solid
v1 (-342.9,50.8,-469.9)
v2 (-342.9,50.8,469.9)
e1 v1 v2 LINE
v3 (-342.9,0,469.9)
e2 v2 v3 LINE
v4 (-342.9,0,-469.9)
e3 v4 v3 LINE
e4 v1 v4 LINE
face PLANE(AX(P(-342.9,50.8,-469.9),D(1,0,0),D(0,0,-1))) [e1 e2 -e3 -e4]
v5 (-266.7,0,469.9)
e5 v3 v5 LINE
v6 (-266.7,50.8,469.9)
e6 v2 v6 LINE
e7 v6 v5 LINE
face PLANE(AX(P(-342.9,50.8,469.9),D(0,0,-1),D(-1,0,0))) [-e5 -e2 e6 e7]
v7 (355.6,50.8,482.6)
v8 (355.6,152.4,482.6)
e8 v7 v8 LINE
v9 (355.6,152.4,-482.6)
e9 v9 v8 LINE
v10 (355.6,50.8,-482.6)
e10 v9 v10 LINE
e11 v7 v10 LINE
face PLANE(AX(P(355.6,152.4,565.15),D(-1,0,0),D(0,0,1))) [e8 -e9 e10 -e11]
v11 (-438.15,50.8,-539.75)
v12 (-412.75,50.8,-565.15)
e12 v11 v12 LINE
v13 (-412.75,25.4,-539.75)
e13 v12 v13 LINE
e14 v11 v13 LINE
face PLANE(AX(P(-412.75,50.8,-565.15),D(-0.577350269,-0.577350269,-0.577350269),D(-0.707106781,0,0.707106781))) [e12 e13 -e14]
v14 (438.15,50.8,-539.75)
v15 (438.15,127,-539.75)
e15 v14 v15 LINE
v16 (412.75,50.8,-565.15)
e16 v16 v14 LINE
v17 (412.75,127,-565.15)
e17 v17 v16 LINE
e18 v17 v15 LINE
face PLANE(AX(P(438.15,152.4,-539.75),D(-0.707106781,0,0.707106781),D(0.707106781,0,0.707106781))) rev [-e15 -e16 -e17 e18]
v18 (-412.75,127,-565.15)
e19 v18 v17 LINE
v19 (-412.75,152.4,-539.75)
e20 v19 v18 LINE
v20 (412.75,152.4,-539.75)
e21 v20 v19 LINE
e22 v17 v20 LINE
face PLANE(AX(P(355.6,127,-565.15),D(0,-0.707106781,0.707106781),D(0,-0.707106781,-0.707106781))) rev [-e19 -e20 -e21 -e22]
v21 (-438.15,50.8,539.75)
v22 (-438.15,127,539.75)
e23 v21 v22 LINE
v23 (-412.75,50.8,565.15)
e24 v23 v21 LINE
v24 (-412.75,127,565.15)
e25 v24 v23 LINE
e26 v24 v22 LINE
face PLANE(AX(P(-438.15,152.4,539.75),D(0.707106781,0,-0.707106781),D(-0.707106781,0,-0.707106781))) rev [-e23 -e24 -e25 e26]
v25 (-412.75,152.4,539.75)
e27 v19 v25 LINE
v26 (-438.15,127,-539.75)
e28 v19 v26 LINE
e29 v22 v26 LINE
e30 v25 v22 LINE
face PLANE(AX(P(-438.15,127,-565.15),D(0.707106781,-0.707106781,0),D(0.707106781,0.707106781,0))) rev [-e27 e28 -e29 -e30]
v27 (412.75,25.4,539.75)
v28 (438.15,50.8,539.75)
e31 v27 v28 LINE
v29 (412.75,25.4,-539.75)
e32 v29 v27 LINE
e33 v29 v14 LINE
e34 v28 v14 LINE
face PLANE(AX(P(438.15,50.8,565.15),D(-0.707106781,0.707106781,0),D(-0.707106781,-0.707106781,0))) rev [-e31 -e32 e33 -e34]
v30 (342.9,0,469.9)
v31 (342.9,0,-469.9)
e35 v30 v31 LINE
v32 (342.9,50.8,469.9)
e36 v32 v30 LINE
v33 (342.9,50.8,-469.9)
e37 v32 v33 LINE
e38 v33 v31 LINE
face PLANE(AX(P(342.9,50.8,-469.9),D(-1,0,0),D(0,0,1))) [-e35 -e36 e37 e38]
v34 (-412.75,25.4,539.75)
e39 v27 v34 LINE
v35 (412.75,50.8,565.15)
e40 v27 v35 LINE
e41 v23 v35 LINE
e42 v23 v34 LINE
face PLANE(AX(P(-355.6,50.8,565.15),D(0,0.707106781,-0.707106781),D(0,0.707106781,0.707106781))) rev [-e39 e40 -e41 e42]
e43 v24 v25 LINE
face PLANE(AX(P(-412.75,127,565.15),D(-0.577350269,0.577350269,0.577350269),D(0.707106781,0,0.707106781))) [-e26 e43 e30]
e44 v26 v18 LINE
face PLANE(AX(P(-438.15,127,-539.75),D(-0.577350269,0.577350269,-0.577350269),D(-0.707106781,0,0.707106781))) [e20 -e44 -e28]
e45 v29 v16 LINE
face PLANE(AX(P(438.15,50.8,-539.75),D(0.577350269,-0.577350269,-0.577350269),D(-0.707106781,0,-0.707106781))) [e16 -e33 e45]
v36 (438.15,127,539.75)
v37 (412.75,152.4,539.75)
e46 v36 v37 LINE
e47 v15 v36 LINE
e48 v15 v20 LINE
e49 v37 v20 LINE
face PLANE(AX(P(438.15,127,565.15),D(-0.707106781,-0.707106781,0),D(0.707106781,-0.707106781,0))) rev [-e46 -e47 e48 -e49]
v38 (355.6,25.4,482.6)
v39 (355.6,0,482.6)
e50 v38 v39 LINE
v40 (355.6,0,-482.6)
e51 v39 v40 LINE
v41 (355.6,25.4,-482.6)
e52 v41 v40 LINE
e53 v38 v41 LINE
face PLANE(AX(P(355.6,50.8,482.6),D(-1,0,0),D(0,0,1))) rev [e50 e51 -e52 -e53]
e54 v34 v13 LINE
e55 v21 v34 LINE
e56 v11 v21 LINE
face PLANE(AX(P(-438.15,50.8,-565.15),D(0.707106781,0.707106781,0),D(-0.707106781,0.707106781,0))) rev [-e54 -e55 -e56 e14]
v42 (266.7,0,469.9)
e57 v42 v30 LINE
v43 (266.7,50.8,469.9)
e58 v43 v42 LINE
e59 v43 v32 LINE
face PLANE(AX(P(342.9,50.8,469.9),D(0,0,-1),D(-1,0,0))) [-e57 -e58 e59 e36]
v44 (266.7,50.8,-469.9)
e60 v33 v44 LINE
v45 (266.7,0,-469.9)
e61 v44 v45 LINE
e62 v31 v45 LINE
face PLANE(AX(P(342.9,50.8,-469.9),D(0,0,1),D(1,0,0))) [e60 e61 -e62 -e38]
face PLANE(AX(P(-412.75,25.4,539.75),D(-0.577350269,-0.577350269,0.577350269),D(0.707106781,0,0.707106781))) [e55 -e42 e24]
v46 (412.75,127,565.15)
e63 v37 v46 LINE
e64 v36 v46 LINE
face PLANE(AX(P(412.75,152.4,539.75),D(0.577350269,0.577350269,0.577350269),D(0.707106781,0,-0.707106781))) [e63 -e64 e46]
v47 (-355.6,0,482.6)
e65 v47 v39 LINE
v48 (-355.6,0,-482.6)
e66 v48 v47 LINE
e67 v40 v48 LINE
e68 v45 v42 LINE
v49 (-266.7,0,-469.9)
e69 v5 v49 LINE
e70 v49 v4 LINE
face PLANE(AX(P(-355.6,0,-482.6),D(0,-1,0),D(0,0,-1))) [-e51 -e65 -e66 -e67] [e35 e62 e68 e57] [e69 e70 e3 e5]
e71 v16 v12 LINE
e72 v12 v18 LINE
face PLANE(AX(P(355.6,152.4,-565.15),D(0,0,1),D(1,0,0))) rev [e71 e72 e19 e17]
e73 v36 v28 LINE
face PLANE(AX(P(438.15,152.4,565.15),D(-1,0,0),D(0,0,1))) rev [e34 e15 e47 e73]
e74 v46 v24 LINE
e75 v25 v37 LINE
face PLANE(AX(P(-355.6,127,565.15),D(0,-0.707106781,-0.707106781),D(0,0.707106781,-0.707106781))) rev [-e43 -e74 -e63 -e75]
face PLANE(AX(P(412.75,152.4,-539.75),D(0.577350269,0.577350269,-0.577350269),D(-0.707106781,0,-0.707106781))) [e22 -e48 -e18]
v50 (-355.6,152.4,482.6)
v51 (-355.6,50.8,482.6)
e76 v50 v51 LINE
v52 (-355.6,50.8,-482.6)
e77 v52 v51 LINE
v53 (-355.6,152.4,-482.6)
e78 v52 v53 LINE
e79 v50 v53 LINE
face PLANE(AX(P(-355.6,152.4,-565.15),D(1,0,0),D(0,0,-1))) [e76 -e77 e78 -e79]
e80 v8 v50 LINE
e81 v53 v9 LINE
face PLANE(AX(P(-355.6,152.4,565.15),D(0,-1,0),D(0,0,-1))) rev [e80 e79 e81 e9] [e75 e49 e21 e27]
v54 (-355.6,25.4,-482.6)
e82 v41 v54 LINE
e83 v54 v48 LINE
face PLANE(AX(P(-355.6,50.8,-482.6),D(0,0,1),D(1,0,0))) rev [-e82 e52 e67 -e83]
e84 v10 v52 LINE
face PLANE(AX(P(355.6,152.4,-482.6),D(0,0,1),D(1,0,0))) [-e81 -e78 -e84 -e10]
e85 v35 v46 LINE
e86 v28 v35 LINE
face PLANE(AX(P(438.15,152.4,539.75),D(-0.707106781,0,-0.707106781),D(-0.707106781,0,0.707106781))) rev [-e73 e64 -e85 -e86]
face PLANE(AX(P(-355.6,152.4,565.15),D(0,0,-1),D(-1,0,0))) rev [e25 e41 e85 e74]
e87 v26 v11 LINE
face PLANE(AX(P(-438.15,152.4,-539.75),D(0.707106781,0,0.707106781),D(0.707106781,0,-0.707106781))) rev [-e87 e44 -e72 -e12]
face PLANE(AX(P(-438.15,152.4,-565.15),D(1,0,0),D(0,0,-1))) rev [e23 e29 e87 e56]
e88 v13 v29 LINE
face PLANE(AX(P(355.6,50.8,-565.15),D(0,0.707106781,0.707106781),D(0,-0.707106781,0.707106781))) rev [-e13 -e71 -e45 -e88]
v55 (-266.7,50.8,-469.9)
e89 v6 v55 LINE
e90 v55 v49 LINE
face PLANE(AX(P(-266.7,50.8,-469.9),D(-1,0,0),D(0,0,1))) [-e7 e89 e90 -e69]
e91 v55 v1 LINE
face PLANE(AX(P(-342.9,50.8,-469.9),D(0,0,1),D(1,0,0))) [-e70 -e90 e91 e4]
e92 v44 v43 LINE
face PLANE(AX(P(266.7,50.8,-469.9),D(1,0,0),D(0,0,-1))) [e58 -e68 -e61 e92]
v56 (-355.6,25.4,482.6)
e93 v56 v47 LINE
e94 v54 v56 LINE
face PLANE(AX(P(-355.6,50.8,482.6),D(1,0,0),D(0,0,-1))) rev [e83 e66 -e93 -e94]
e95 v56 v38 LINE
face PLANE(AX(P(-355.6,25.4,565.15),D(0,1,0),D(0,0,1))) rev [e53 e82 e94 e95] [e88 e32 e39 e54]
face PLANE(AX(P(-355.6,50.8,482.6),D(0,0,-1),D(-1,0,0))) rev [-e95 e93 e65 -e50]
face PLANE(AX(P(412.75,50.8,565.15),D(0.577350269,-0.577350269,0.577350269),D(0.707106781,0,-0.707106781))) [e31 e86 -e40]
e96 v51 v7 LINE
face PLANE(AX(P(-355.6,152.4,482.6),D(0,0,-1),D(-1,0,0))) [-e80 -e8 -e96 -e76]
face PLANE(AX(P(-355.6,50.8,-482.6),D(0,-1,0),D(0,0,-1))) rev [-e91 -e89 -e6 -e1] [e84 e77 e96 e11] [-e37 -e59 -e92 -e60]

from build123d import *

# Parameters (mm, degrees)
SKETCH1_W           = 711.2
SKETCH1_H           = 965.2
SKETCH1_W_2         = 76.2
SKETCH1_H_2         = 939.8
BOSS_EXTRUDE1_DEPTH = 50.8
SKETCH2_W           = 711.2
SKETCH2_H           = 127
BOSS_EXTRUDE2_DEPTH = 82.55
SKETCH3_W           = 711.2
SKETCH3_H           = 127
BOSS_EXTRUDE3_DEPTH = 82.55
SKETCH4_W           = 1130.3
SKETCH4_H           = 127
BOSS_EXTRUDE4_DEPTH = 82.55
SKETCH5_W           = 1130.3
SKETCH5_H           = 127
BOSS_EXTRUDE5_DEPTH = 82.55
CHAMFER1_SIZE       = 25.4


with BuildPart() as part:
    # Sketch1 → Boss-Extrude1 (new body)
    with BuildSketch(Plane(origin=(0, 0, 0), x_dir=(1, 0, 0), z_dir=(0, 1, 0))):
        Rectangle(SKETCH1_W, SKETCH1_H)
        with Locations((-304.8, 0)):
            Rectangle(SKETCH1_W_2, SKETCH1_H_2, mode=Mode.SUBTRACT)
        with Locations((304.8, 0)):
            Rectangle(SKETCH1_W_2, SKETCH1_H_2, mode=Mode.SUBTRACT)
    extrude(amount=BOSS_EXTRUDE1_DEPTH)

    # Sketch2 → Boss-Extrude2 (add)
    with BuildSketch(Plane.XY.offset(482.6)):
        with Locations((0, 88.9)):
            Rectangle(SKETCH2_W, SKETCH2_H)
    extrude(amount=BOSS_EXTRUDE2_DEPTH)

    # Sketch3 → Boss-Extrude3 (add)
    with BuildSketch(Plane(origin=(0, 0, -482.6), x_dir=(-1, 0, 0), z_dir=(0, 0, -1))):
        with Locations((0, 88.9)):
            Rectangle(SKETCH3_W, SKETCH3_H)
    extrude(amount=BOSS_EXTRUDE3_DEPTH)

    # Sketch4 → Boss-Extrude4 (add)
    with BuildSketch(Plane(origin=(355.6, 0, 0), x_dir=(0, 0, -1), z_dir=(1, 0, 0))):
        with Locations((0, 88.9)):
            Rectangle(SKETCH4_W, SKETCH4_H)
    extrude(amount=BOSS_EXTRUDE4_DEPTH)

    # Sketch5 → Boss-Extrude5 (add)
    with BuildSketch(Plane.ZY.offset(355.6)):
        with Locations((0, 88.9)):
            Rectangle(SKETCH5_W, SKETCH5_H)
    extrude(amount=BOSS_EXTRUDE5_DEPTH)

    # Chamfer1
    chamfer1_edges = [part.edges().sort_by_distance(p)[0] for p in [
        (0, 25.4, 565.15),
        (0, 152.4, 565.15),
        (0, 25.4, -565.15),
        (0, 152.4, -565.15),
        (438.15, 88.9, 565.15),
        (438.15, 25.4, 0),
        (438.15, 88.9, -565.15),
        (438.15, 152.4, 0),
        (-438.15, 88.9, -565.15),
        (-438.15, 25.4, 0),
        (-438.15, 88.9, 565.15),
        (-438.15, 152.4, 0),
    ]]
    chamfer(chamfer1_edges, length=CHAMFER1_SIZE)


solid = part.part
